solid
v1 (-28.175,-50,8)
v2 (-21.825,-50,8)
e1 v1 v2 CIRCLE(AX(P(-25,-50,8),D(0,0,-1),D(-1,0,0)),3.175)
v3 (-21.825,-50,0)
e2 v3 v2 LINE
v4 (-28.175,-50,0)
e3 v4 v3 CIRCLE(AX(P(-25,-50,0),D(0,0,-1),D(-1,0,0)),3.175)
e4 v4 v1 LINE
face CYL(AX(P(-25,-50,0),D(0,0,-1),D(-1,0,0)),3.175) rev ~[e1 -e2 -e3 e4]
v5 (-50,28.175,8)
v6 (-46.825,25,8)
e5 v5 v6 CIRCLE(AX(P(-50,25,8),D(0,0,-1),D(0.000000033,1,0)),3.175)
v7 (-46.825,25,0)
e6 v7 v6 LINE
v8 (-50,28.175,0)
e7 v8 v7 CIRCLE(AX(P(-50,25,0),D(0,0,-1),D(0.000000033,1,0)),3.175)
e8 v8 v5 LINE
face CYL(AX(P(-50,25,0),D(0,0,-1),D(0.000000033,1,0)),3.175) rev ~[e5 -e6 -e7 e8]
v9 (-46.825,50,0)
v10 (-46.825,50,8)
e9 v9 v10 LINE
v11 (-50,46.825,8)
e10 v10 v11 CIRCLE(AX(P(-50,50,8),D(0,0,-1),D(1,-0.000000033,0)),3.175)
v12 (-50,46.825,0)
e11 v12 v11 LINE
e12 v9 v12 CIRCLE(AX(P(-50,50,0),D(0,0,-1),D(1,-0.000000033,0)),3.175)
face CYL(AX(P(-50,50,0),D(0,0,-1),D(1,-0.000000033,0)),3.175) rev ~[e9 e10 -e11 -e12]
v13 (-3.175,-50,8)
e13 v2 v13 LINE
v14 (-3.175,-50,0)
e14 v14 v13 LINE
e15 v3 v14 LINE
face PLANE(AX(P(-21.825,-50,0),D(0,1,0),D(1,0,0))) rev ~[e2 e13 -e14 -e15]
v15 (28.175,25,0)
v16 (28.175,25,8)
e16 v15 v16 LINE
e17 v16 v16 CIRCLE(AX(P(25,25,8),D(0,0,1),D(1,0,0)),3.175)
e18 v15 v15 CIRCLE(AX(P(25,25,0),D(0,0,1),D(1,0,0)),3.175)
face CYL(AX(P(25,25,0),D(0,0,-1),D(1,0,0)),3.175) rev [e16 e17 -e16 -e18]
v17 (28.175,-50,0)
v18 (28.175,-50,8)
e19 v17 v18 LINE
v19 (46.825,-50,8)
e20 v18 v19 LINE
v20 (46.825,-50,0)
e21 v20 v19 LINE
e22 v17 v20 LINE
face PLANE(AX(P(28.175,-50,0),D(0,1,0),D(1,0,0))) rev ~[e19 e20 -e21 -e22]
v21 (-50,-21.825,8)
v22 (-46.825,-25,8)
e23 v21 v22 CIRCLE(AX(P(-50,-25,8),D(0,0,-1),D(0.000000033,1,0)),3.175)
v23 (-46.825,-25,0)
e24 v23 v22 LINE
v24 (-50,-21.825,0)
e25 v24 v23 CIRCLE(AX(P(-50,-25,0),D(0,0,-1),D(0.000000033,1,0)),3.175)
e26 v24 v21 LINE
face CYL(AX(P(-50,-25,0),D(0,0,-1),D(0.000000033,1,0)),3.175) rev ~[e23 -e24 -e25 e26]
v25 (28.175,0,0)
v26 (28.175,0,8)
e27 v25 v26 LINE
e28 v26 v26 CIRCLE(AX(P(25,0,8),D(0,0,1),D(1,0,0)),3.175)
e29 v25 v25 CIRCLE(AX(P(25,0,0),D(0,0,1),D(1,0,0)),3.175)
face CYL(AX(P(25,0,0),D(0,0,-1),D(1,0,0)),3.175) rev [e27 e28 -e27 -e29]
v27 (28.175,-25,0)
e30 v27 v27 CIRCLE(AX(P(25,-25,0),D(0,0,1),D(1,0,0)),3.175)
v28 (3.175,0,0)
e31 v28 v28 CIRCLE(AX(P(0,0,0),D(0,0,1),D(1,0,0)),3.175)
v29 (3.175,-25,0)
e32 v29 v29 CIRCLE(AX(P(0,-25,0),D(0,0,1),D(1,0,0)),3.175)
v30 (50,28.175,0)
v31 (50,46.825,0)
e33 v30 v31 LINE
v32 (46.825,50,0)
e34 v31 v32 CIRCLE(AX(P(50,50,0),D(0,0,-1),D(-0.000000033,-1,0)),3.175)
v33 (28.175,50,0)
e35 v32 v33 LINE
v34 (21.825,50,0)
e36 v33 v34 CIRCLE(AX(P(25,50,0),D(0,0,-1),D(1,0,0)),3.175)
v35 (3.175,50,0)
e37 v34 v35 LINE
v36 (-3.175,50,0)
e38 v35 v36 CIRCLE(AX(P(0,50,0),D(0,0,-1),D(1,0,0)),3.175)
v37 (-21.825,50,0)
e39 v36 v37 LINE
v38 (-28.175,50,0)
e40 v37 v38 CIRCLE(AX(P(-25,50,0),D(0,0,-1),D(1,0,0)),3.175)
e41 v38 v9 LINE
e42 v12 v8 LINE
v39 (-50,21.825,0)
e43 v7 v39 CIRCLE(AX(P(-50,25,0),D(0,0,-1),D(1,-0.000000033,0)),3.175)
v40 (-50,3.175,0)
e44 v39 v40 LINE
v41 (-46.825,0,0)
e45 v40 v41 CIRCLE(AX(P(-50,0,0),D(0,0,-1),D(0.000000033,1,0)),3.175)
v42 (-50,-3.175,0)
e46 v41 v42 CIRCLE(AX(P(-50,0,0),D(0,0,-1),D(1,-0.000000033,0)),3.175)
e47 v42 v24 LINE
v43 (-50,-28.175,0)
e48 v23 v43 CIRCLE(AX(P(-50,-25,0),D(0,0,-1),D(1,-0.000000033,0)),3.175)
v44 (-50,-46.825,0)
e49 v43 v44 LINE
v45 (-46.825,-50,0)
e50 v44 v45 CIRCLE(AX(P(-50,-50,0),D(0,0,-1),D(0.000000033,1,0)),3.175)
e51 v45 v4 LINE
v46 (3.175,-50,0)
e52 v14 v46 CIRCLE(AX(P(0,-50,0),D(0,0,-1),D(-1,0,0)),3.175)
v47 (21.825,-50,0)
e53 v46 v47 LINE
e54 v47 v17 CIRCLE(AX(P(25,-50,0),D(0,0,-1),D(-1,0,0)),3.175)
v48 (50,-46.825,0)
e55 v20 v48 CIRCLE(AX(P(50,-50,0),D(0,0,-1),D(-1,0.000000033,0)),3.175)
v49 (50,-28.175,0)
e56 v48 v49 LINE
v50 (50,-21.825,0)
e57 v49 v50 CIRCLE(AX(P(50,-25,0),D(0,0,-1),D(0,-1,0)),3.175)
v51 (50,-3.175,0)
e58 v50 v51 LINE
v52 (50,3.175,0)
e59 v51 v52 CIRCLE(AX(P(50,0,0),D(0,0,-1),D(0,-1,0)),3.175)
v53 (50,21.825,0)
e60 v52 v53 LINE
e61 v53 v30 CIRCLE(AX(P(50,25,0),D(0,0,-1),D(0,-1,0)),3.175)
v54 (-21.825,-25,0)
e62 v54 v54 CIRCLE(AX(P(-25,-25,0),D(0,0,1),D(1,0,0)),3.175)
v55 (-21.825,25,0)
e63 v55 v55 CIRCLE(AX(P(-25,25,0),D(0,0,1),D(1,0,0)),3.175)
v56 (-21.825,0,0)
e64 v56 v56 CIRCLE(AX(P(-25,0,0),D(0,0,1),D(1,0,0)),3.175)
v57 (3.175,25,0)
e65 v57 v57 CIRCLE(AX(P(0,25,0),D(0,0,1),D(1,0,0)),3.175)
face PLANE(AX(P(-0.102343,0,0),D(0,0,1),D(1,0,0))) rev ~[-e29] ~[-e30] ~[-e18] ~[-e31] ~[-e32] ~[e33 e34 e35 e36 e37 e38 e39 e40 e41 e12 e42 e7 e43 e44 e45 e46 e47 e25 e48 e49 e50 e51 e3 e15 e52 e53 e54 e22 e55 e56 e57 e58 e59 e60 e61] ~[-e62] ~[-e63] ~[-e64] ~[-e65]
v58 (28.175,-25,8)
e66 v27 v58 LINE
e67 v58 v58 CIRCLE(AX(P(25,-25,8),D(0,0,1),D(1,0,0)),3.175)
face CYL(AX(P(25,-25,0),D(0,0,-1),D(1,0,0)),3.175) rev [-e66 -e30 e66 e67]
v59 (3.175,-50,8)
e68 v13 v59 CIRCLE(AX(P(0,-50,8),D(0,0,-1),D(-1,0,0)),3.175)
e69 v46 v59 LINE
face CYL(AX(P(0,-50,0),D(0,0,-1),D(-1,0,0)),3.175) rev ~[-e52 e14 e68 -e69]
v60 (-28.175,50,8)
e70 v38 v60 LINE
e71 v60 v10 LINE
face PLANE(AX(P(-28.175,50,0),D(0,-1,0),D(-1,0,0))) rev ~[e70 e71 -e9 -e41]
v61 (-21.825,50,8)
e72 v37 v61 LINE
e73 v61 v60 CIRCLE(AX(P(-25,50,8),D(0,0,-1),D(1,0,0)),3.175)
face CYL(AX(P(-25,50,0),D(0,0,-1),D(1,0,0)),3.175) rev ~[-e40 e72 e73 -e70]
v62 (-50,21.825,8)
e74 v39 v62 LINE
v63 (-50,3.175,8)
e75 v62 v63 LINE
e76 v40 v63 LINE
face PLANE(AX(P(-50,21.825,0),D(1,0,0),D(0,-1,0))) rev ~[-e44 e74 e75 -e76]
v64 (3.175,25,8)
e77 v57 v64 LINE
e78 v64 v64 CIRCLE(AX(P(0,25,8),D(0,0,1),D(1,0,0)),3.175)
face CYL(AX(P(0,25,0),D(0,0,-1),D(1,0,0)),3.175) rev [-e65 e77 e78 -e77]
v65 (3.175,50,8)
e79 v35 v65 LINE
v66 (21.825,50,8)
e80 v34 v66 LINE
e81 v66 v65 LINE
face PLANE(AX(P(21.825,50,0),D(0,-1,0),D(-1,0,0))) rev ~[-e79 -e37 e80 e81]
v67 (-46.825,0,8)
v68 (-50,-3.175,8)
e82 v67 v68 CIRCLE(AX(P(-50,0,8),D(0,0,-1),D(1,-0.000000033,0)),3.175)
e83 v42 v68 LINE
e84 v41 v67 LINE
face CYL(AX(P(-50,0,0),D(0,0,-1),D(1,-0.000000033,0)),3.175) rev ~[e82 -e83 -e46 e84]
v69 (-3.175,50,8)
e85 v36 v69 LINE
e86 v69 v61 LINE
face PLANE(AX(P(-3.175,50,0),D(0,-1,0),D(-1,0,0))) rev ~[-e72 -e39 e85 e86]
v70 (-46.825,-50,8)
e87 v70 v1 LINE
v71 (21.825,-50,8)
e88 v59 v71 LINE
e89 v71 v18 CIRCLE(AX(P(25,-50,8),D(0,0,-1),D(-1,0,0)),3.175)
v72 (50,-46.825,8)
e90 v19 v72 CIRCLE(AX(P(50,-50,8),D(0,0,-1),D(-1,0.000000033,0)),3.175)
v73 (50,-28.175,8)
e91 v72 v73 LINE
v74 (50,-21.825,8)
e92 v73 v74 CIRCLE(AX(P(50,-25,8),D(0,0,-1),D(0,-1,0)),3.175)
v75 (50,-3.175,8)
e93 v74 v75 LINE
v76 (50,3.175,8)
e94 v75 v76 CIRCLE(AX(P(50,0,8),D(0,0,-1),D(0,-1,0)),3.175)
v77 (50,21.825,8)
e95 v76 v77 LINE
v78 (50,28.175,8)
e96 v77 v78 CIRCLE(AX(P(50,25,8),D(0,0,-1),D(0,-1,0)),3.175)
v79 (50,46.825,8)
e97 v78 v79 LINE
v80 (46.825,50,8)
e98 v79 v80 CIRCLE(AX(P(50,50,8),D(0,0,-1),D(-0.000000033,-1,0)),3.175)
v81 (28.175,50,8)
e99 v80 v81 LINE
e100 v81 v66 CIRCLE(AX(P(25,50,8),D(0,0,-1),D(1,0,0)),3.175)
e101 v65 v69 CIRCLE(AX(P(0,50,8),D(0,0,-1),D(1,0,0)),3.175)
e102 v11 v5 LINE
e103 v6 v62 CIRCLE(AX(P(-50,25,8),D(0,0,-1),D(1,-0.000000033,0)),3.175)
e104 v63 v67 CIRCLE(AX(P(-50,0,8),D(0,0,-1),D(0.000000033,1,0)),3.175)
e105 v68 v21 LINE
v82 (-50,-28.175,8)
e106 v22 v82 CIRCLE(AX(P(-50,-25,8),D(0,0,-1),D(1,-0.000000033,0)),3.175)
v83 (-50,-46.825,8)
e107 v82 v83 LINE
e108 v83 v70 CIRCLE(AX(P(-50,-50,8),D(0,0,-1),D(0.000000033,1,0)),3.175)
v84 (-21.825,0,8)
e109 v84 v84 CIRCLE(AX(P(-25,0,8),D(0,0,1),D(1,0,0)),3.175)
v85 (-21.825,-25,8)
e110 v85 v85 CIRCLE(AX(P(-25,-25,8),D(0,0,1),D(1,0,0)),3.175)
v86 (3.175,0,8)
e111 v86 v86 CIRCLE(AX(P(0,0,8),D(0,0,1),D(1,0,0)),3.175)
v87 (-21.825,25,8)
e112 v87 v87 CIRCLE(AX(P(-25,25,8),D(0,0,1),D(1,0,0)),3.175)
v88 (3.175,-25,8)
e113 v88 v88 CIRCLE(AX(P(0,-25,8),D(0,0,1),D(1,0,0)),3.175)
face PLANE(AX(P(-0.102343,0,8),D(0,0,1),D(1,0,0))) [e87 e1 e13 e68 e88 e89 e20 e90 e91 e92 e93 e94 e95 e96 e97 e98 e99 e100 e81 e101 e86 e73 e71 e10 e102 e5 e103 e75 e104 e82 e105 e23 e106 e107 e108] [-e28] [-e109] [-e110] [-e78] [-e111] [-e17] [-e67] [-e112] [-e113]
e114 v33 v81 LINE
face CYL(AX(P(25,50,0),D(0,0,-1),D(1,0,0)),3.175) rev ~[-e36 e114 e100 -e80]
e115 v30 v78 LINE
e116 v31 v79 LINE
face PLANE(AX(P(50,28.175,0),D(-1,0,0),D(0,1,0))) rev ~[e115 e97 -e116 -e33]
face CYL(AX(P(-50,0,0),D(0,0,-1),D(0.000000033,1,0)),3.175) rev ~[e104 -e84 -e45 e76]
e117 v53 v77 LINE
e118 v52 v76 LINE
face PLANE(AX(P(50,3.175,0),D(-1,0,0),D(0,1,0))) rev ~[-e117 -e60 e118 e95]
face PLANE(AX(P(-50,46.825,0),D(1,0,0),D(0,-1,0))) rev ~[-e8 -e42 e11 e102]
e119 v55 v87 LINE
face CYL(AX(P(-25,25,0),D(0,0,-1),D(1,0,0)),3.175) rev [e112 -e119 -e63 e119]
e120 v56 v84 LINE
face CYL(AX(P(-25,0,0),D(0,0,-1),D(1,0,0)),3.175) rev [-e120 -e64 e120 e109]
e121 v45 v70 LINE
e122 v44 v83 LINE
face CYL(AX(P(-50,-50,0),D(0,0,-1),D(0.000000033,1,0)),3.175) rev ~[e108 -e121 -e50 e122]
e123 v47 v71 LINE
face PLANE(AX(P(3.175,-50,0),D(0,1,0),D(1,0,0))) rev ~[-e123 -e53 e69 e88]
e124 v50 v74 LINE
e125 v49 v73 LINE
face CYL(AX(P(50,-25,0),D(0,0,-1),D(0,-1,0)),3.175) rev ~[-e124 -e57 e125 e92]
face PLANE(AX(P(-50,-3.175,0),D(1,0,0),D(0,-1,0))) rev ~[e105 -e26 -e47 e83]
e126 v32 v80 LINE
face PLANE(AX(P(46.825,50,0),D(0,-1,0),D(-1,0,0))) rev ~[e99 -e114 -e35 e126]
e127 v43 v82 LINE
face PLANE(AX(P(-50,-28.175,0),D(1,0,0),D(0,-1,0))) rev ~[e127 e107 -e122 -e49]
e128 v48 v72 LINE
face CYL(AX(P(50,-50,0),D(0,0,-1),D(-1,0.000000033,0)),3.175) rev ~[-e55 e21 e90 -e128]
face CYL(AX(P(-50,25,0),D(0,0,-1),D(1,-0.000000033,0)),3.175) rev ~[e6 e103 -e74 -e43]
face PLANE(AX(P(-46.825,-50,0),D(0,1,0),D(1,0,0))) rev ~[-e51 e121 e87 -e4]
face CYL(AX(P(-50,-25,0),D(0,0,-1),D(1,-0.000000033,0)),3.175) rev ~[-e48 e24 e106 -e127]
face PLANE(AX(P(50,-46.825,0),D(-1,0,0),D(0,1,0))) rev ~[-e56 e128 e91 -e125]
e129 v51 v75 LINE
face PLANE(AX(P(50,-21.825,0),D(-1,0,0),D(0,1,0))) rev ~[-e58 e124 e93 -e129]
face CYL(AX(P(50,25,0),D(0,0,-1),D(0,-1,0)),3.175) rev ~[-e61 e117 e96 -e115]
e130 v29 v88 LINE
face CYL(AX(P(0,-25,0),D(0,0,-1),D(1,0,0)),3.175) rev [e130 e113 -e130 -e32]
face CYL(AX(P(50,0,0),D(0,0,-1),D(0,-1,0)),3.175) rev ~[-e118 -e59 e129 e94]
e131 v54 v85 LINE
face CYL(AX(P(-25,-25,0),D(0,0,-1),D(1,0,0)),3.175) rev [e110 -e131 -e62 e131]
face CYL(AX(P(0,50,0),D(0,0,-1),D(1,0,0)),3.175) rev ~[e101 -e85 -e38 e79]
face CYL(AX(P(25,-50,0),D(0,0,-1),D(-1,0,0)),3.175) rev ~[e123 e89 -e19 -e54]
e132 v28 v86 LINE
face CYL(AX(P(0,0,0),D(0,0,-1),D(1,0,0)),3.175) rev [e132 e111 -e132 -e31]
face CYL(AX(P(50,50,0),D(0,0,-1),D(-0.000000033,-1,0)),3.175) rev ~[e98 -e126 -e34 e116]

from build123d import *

# Parameters (mm, degrees)
F0_R     = 3.175
F1_DEPTH = 8


with BuildPart() as f1:
    # F0 (on Top) → F1 (new body)
    with BuildSketch(Plane.XY):
        with BuildLine():
            ThreePointArc((-50, -46.825), (-47.754936, -47.754936), (-46.825, -50))
            Line((-46.825, -50), (-28.175, -50))
            ThreePointArc((-28.175, -50), (-25, -46.825), (-21.825, -50))
            Line((-21.825, -50), (-3.175, -50))
            ThreePointArc((-3.175, -50), (0, -46.825), (3.175, -50))
            Line((3.175, -50), (21.825, -50))
            ThreePointArc((21.825, -50), (25, -46.825), (28.175, -50))
            Line((28.175, -50), (46.825, -50))
            ThreePointArc((46.825, -50), (47.754936, -47.754936), (50, -46.825))
            Line((50, -46.825), (50, -28.175))
            ThreePointArc((50, -28.175), (46.825, -25), (50, -21.825))
            Line((50, -21.825), (50, -3.175))
            ThreePointArc((50, -3.175), (46.825, 0), (50, 3.175))
            Line((50, 3.175), (50, 21.825))
            ThreePointArc((50, 21.825), (46.825, 25), (50, 28.175))
            Line((50, 28.175), (50, 46.825))
            ThreePointArc((50, 46.825), (47.754936, 47.754936), (46.825, 50))
            Line((46.825, 50), (28.175, 50))
            ThreePointArc((28.175, 50), (25, 46.825), (21.825, 50))
            Line((21.825, 50), (3.175, 50))
            ThreePointArc((3.175, 50), (0, 46.825), (-3.175, 50))
            Line((-3.175, 50), (-21.825, 50))
            ThreePointArc((-21.825, 50), (-25, 46.825), (-28.175, 50))
            Line((-28.175, 50), (-46.825, 50))
            ThreePointArc((-46.825, 50), (-47.754936, 47.754936), (-50, 46.825))
            Line((-50, 46.825), (-50, 28.175))
            ThreePointArc((-50, 28.175), (-47.754936, 27.245064), (-46.825, 25))
            ThreePointArc((-46.825, 25), (-47.754936, 22.754936), (-50, 21.825))
            Line((-50, 21.825), (-50, 3.175))
            ThreePointArc((-50, 3.175), (-47.754936, 2.245064), (-46.825, 0))
            ThreePointArc((-46.825, 0), (-47.754936, -2.245064), (-50, -3.175))
            Line((-50, -3.175), (-50, -21.825))
            ThreePointArc((-50, -21.825), (-47.754936, -22.754936), (-46.825, -25))
            ThreePointArc((-46.825, -25), (-47.754936, -27.245064), (-50, -28.175))
            Line((-50, -28.175), (-50, -46.825))
        make_face()
        with Locations((-25, -25)):
            Circle(F0_R, mode=Mode.SUBTRACT)
        with Locations((0, -25)):
            Circle(F0_R, mode=Mode.SUBTRACT)
        with Locations((25, -25)):
            Circle(F0_R, mode=Mode.SUBTRACT)
        with Locations((-25, 0)):
            Circle(F0_R, mode=Mode.SUBTRACT)
        with Locations((-25, 25)):
            Circle(F0_R, mode=Mode.SUBTRACT)
        Circle(F0_R, mode=Mode.SUBTRACT)
        with Locations((25, 0)):
            Circle(F0_R, mode=Mode.SUBTRACT)
        with Locations((0, 25)):
            Circle(F0_R, mode=Mode.SUBTRACT)
        with Locations((25, 25)):
            Circle(F0_R, mode=Mode.SUBTRACT)
    extrude(amount=F1_DEPTH)


solid = f1.part
